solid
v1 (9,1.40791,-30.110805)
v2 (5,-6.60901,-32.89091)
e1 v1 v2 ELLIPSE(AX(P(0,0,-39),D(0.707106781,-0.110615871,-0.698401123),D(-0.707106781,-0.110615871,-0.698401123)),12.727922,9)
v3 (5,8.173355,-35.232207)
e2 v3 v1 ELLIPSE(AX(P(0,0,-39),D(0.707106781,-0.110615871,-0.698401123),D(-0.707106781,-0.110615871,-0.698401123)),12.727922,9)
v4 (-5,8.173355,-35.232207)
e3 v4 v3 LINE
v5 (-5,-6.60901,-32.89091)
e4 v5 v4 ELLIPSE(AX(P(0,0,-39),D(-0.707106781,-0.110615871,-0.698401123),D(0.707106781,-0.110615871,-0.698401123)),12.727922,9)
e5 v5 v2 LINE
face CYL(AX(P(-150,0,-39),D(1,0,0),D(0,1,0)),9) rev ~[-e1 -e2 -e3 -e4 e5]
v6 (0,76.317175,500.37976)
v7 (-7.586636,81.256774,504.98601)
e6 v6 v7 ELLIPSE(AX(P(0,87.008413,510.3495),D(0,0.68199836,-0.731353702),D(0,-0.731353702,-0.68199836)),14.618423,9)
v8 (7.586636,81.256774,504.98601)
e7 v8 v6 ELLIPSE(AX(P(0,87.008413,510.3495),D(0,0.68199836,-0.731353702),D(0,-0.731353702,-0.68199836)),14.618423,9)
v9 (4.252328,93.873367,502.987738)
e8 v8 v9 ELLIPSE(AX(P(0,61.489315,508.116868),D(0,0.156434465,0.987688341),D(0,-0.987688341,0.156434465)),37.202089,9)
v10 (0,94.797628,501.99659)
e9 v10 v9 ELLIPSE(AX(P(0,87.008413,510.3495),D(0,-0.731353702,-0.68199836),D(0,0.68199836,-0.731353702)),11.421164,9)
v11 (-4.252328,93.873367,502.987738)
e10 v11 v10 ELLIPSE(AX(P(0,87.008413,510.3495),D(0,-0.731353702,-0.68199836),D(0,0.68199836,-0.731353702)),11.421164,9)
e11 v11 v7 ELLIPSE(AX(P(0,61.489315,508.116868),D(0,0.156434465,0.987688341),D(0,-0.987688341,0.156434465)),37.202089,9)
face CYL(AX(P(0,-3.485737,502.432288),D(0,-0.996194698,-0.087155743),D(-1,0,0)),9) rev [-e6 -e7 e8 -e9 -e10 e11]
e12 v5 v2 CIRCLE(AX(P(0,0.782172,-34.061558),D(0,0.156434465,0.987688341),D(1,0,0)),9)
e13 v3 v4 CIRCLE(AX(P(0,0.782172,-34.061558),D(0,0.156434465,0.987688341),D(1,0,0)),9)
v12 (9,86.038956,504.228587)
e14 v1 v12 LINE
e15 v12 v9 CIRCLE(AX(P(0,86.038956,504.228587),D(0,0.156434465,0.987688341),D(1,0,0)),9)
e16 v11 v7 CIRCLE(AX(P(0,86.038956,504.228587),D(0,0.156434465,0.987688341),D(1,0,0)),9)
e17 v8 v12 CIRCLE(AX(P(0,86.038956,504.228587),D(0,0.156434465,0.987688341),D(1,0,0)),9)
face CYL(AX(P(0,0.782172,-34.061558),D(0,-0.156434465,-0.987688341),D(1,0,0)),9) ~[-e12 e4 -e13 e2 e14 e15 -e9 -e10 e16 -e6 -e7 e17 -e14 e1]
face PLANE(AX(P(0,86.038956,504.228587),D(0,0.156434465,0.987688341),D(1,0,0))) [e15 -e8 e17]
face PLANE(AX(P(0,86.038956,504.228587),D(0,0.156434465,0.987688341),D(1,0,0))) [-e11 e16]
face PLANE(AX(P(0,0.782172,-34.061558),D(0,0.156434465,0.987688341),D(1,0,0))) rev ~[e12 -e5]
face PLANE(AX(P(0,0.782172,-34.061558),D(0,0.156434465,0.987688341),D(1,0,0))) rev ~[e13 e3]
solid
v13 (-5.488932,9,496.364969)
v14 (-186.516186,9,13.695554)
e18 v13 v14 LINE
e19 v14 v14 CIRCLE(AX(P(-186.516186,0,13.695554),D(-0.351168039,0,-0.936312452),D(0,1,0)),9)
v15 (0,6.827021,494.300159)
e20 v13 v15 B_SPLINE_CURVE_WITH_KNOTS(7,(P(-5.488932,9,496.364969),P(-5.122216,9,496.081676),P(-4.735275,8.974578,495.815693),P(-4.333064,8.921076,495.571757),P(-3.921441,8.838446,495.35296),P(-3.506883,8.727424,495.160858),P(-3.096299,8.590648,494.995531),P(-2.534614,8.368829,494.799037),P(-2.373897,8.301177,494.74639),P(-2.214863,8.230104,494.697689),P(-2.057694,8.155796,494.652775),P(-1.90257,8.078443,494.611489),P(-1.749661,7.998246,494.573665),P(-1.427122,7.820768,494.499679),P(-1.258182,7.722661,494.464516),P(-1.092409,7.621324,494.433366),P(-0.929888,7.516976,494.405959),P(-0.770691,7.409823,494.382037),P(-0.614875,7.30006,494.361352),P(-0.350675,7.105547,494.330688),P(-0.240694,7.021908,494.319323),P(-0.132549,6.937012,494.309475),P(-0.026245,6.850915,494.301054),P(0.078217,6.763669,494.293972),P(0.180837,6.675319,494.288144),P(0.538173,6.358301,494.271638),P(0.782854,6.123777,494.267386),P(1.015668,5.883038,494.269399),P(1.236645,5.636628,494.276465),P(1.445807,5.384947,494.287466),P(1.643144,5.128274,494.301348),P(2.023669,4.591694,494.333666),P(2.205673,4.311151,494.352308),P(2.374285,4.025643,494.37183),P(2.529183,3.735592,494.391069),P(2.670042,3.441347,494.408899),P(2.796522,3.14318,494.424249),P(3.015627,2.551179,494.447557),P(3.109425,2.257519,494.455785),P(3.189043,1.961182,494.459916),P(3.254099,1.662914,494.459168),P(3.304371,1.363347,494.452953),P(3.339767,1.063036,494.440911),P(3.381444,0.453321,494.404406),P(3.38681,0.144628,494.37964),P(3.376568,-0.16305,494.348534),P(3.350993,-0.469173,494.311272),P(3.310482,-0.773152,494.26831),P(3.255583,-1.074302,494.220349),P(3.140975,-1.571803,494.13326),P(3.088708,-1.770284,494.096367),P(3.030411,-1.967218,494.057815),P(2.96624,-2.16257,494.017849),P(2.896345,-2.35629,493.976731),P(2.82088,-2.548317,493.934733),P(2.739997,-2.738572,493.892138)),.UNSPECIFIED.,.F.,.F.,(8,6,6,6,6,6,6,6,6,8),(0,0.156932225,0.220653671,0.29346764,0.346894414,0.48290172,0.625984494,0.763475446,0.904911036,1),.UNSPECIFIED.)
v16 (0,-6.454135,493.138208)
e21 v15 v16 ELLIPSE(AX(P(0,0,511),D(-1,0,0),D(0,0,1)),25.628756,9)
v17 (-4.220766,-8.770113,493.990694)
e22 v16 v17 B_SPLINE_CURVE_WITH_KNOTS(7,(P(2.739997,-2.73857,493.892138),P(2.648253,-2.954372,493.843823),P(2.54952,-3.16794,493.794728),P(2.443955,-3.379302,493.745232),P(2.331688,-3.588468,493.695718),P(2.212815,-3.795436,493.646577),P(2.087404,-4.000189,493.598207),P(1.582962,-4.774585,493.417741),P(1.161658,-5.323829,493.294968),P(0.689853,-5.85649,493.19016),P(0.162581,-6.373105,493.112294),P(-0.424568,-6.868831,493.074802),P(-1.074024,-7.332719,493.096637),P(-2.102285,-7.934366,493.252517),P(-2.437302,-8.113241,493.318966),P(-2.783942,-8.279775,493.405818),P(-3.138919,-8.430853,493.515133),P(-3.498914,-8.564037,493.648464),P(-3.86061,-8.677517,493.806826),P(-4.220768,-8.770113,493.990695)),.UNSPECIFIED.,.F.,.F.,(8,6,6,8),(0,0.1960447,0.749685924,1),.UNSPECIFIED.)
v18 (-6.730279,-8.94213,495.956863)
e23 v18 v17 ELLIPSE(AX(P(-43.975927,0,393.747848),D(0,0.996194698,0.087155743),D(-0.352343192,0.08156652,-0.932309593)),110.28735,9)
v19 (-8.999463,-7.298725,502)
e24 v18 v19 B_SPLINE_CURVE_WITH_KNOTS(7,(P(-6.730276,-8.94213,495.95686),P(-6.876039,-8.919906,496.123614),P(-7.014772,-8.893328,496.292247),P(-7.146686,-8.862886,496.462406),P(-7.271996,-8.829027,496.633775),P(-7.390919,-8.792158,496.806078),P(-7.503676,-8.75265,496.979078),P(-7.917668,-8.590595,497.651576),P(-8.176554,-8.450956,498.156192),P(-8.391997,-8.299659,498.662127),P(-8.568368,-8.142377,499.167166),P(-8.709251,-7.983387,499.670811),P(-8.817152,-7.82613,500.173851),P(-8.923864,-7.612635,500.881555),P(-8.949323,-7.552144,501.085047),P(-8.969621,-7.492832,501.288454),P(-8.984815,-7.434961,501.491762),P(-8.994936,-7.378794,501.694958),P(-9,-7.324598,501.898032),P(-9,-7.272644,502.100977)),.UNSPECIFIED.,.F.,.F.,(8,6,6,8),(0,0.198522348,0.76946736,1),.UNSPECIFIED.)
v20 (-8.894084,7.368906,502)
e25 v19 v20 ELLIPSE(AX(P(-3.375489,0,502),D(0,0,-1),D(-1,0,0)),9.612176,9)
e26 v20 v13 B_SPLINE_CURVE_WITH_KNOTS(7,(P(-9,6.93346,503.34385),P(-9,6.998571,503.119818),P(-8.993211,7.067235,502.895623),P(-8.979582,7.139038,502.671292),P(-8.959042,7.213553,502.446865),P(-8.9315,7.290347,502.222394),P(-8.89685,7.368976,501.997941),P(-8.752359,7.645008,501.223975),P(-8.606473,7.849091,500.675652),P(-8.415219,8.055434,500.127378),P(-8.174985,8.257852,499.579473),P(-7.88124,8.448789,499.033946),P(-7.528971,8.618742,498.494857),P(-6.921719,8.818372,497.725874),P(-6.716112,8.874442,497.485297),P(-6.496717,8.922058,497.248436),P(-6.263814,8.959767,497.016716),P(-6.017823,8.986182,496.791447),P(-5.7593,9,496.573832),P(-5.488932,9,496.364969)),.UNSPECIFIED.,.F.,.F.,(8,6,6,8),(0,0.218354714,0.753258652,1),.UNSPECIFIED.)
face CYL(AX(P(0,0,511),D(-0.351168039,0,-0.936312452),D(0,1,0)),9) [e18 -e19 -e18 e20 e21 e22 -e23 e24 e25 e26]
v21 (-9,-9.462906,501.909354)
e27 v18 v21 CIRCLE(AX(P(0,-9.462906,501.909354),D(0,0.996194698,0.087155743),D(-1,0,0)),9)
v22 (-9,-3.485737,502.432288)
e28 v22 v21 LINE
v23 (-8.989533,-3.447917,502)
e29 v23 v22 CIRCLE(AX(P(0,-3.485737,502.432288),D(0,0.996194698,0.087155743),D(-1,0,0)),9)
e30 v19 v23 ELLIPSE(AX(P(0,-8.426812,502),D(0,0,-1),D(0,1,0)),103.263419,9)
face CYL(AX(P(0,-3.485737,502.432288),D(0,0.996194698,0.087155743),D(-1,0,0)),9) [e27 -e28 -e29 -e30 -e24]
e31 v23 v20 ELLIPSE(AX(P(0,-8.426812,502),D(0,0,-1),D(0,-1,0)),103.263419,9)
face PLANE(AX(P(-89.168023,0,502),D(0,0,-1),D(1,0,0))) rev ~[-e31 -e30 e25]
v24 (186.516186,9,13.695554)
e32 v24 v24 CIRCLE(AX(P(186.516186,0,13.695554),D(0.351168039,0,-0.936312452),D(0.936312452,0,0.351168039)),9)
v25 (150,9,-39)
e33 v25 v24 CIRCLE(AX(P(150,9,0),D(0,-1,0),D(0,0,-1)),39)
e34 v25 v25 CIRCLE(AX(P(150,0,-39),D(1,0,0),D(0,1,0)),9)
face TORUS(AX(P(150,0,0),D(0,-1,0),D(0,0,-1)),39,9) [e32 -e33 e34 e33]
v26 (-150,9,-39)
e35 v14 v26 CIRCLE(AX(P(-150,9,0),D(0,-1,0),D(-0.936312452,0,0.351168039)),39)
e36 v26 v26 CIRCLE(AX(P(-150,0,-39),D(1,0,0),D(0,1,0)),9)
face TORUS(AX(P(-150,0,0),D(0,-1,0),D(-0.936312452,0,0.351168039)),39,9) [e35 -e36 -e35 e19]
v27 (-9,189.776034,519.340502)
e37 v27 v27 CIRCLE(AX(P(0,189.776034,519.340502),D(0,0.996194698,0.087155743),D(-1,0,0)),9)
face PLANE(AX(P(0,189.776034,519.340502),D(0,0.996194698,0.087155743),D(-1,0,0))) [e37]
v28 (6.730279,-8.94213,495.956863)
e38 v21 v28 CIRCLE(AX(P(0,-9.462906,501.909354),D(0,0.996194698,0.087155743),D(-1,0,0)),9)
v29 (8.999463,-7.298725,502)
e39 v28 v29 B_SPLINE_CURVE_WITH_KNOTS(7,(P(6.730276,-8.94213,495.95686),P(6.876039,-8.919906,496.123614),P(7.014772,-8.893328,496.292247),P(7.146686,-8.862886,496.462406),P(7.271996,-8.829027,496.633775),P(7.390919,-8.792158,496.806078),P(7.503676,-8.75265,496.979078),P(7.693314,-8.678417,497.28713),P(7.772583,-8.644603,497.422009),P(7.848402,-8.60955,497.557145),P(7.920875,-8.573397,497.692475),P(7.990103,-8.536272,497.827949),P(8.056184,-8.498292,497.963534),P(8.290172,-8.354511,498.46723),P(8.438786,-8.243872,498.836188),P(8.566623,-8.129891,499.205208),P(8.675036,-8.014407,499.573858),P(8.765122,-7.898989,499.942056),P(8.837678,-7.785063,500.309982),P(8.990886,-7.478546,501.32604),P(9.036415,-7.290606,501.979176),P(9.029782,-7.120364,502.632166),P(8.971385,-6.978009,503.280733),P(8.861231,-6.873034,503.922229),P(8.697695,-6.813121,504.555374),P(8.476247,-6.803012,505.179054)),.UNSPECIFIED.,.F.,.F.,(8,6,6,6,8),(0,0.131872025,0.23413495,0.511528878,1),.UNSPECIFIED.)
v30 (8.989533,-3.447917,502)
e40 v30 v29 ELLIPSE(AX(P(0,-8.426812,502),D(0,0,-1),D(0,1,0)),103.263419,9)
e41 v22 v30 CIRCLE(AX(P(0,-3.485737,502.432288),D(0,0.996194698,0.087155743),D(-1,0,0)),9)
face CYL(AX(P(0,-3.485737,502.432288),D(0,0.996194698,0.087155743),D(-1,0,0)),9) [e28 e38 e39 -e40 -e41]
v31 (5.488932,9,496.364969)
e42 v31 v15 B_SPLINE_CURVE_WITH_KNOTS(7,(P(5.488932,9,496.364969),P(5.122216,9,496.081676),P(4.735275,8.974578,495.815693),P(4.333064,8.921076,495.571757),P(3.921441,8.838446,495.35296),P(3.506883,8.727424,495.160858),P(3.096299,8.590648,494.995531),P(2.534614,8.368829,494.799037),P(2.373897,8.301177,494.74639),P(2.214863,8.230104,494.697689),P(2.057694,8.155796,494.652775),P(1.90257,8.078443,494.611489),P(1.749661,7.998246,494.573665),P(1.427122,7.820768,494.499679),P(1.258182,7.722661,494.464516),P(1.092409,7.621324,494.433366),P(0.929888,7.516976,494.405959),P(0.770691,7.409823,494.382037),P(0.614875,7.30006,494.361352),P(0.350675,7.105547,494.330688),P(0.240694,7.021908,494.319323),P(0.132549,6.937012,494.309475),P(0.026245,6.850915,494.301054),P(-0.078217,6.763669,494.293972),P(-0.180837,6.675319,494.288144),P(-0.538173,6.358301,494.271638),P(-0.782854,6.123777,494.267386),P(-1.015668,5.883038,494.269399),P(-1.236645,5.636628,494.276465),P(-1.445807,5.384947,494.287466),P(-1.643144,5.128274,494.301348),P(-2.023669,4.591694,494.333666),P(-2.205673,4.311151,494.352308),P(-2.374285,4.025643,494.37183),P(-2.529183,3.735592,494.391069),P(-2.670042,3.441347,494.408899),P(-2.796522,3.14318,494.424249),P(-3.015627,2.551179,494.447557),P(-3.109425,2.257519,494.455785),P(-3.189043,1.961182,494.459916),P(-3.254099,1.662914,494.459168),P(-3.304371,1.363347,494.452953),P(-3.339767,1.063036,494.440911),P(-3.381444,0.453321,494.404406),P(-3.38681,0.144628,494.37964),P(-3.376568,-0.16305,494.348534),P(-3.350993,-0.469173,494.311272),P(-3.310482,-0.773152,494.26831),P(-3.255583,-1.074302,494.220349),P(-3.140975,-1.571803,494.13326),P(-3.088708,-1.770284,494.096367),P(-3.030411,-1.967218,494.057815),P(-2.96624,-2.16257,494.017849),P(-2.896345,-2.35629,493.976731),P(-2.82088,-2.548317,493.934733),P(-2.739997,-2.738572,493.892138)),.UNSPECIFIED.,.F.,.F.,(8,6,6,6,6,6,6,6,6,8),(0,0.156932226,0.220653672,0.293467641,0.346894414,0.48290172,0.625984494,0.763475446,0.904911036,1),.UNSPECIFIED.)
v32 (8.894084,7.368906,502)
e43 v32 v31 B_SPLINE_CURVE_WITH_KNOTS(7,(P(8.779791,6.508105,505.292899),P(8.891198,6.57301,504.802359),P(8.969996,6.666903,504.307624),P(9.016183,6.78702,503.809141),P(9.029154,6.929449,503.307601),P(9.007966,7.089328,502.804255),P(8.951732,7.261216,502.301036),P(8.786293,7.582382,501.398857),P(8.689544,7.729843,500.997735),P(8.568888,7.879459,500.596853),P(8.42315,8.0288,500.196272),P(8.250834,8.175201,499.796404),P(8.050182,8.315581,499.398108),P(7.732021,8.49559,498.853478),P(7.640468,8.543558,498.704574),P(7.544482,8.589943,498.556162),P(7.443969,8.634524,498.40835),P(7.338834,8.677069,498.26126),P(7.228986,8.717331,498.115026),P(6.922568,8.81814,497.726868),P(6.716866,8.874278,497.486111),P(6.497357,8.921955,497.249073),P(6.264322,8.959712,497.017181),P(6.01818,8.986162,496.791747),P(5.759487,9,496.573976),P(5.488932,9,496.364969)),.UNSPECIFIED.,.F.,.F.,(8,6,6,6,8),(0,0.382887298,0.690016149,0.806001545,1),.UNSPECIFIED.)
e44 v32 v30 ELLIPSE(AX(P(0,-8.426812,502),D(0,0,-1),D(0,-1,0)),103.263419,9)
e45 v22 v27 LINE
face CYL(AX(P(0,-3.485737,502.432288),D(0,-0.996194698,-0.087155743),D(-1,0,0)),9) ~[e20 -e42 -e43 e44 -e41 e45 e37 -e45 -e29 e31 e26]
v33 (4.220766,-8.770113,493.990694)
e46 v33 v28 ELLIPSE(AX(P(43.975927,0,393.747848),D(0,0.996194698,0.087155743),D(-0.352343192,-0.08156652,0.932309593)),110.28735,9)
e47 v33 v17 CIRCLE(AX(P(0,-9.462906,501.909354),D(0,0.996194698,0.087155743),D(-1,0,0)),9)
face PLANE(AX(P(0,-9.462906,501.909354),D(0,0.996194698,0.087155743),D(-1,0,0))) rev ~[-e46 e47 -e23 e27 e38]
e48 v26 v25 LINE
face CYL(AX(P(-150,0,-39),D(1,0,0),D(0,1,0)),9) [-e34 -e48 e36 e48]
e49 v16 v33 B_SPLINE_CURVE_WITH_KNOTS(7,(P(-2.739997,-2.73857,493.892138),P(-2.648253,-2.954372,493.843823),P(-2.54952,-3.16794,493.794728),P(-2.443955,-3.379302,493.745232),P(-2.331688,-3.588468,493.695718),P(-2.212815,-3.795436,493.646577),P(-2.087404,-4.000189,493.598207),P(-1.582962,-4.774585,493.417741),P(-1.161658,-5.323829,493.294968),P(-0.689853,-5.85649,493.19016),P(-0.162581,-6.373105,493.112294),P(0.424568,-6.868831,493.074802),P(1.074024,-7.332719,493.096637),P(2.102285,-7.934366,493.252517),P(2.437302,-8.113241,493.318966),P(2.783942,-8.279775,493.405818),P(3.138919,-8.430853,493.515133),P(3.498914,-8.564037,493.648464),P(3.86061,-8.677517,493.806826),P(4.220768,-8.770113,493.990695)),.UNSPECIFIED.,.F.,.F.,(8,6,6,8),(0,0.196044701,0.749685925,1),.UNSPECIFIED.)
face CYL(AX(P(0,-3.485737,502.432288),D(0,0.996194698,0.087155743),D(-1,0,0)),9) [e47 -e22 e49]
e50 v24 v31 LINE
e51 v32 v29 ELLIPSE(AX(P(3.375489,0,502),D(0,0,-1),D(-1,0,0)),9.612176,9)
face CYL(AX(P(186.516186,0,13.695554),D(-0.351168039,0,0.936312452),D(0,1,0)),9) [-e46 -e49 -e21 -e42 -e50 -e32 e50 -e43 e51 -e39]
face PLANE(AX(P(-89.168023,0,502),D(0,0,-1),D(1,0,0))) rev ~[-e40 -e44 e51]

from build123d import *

# Parameters (mm, degrees)
F3_R           = 9
F7_W           = 211.4251245066
F7_H           = 70.145696709
F8_DEPTH       = 12.5
F9_R           = 9
F10_DEPTH      = 194
F10_DEPTH_BACK = 6
F16_START      = 5
F15_R          = 9
F16_DEPTH      = 545


with BuildPart() as f4:
    # F4: sweep along a path in F1
    with BuildLine(Plane.XZ) as f4_path:
        Line((-150, -39), (150, -39))
        ThreePointArc((150, -39), (182.0556281104, -22.2134352689), (186.5161856429, 13.6955535155))
        Line((186.5161856429, 13.6955535155), (0, 511))
        Line((0, 511), (-186.5161856429, 13.6955535155))
        ThreePointArc((-186.5161856429, 13.6955535155), (-182.0556281104, -22.2134352689), (-150, -39))
    # F3 (on line) → F4 (sweep)
    with BuildSketch(Plane.YZ.offset(150)):
        with Locations((0, -39)):
            Circle(F3_R)
    sweep(path=f4_path.line, transition=Transition.RIGHT)

    # F7 (on Front) → F8 (cut, symmetric)
    with BuildSketch(Plane.XZ):
        with Locations((16.5445394814, 537.0728483545)):
            Rectangle(F7_W, F7_H)
    extrude(amount=F8_DEPTH, both=True, mode=Mode.SUBTRACT)

    # F9 (on face) → F10 (join, two sides)
    with BuildSketch(Plane(origin=(0, 40.1639663204, 3.5138917353), x_dir=(-1, 0, 0), z_dir=(0, 0.9961946981, 0.0871557427))) as f10_sk:
        with Locations((0, 500.8241835071)):
            Circle(F9_R)
    extrude(amount=F10_DEPTH)
    extrude(f10_sk.sketch, amount=-F10_DEPTH_BACK)


with BuildPart() as f16:
    # F15 (on line) → F16 (new body)
    with BuildSketch(Plane(origin=(0, -6.0258313903, -38.0456020678), x_dir=(1, 0, 0), z_dir=(0, 0.156434465, 0.9876883406)).offset(F16_START)):
        with Locations((0, 6.1009441366)):
            Circle(F15_R)
    extrude(amount=F16_DEPTH)

    # F17: cut F4
    add(f4.part, mode=Mode.SUBTRACT)


solid = Compound([f4.part, f16.part])
